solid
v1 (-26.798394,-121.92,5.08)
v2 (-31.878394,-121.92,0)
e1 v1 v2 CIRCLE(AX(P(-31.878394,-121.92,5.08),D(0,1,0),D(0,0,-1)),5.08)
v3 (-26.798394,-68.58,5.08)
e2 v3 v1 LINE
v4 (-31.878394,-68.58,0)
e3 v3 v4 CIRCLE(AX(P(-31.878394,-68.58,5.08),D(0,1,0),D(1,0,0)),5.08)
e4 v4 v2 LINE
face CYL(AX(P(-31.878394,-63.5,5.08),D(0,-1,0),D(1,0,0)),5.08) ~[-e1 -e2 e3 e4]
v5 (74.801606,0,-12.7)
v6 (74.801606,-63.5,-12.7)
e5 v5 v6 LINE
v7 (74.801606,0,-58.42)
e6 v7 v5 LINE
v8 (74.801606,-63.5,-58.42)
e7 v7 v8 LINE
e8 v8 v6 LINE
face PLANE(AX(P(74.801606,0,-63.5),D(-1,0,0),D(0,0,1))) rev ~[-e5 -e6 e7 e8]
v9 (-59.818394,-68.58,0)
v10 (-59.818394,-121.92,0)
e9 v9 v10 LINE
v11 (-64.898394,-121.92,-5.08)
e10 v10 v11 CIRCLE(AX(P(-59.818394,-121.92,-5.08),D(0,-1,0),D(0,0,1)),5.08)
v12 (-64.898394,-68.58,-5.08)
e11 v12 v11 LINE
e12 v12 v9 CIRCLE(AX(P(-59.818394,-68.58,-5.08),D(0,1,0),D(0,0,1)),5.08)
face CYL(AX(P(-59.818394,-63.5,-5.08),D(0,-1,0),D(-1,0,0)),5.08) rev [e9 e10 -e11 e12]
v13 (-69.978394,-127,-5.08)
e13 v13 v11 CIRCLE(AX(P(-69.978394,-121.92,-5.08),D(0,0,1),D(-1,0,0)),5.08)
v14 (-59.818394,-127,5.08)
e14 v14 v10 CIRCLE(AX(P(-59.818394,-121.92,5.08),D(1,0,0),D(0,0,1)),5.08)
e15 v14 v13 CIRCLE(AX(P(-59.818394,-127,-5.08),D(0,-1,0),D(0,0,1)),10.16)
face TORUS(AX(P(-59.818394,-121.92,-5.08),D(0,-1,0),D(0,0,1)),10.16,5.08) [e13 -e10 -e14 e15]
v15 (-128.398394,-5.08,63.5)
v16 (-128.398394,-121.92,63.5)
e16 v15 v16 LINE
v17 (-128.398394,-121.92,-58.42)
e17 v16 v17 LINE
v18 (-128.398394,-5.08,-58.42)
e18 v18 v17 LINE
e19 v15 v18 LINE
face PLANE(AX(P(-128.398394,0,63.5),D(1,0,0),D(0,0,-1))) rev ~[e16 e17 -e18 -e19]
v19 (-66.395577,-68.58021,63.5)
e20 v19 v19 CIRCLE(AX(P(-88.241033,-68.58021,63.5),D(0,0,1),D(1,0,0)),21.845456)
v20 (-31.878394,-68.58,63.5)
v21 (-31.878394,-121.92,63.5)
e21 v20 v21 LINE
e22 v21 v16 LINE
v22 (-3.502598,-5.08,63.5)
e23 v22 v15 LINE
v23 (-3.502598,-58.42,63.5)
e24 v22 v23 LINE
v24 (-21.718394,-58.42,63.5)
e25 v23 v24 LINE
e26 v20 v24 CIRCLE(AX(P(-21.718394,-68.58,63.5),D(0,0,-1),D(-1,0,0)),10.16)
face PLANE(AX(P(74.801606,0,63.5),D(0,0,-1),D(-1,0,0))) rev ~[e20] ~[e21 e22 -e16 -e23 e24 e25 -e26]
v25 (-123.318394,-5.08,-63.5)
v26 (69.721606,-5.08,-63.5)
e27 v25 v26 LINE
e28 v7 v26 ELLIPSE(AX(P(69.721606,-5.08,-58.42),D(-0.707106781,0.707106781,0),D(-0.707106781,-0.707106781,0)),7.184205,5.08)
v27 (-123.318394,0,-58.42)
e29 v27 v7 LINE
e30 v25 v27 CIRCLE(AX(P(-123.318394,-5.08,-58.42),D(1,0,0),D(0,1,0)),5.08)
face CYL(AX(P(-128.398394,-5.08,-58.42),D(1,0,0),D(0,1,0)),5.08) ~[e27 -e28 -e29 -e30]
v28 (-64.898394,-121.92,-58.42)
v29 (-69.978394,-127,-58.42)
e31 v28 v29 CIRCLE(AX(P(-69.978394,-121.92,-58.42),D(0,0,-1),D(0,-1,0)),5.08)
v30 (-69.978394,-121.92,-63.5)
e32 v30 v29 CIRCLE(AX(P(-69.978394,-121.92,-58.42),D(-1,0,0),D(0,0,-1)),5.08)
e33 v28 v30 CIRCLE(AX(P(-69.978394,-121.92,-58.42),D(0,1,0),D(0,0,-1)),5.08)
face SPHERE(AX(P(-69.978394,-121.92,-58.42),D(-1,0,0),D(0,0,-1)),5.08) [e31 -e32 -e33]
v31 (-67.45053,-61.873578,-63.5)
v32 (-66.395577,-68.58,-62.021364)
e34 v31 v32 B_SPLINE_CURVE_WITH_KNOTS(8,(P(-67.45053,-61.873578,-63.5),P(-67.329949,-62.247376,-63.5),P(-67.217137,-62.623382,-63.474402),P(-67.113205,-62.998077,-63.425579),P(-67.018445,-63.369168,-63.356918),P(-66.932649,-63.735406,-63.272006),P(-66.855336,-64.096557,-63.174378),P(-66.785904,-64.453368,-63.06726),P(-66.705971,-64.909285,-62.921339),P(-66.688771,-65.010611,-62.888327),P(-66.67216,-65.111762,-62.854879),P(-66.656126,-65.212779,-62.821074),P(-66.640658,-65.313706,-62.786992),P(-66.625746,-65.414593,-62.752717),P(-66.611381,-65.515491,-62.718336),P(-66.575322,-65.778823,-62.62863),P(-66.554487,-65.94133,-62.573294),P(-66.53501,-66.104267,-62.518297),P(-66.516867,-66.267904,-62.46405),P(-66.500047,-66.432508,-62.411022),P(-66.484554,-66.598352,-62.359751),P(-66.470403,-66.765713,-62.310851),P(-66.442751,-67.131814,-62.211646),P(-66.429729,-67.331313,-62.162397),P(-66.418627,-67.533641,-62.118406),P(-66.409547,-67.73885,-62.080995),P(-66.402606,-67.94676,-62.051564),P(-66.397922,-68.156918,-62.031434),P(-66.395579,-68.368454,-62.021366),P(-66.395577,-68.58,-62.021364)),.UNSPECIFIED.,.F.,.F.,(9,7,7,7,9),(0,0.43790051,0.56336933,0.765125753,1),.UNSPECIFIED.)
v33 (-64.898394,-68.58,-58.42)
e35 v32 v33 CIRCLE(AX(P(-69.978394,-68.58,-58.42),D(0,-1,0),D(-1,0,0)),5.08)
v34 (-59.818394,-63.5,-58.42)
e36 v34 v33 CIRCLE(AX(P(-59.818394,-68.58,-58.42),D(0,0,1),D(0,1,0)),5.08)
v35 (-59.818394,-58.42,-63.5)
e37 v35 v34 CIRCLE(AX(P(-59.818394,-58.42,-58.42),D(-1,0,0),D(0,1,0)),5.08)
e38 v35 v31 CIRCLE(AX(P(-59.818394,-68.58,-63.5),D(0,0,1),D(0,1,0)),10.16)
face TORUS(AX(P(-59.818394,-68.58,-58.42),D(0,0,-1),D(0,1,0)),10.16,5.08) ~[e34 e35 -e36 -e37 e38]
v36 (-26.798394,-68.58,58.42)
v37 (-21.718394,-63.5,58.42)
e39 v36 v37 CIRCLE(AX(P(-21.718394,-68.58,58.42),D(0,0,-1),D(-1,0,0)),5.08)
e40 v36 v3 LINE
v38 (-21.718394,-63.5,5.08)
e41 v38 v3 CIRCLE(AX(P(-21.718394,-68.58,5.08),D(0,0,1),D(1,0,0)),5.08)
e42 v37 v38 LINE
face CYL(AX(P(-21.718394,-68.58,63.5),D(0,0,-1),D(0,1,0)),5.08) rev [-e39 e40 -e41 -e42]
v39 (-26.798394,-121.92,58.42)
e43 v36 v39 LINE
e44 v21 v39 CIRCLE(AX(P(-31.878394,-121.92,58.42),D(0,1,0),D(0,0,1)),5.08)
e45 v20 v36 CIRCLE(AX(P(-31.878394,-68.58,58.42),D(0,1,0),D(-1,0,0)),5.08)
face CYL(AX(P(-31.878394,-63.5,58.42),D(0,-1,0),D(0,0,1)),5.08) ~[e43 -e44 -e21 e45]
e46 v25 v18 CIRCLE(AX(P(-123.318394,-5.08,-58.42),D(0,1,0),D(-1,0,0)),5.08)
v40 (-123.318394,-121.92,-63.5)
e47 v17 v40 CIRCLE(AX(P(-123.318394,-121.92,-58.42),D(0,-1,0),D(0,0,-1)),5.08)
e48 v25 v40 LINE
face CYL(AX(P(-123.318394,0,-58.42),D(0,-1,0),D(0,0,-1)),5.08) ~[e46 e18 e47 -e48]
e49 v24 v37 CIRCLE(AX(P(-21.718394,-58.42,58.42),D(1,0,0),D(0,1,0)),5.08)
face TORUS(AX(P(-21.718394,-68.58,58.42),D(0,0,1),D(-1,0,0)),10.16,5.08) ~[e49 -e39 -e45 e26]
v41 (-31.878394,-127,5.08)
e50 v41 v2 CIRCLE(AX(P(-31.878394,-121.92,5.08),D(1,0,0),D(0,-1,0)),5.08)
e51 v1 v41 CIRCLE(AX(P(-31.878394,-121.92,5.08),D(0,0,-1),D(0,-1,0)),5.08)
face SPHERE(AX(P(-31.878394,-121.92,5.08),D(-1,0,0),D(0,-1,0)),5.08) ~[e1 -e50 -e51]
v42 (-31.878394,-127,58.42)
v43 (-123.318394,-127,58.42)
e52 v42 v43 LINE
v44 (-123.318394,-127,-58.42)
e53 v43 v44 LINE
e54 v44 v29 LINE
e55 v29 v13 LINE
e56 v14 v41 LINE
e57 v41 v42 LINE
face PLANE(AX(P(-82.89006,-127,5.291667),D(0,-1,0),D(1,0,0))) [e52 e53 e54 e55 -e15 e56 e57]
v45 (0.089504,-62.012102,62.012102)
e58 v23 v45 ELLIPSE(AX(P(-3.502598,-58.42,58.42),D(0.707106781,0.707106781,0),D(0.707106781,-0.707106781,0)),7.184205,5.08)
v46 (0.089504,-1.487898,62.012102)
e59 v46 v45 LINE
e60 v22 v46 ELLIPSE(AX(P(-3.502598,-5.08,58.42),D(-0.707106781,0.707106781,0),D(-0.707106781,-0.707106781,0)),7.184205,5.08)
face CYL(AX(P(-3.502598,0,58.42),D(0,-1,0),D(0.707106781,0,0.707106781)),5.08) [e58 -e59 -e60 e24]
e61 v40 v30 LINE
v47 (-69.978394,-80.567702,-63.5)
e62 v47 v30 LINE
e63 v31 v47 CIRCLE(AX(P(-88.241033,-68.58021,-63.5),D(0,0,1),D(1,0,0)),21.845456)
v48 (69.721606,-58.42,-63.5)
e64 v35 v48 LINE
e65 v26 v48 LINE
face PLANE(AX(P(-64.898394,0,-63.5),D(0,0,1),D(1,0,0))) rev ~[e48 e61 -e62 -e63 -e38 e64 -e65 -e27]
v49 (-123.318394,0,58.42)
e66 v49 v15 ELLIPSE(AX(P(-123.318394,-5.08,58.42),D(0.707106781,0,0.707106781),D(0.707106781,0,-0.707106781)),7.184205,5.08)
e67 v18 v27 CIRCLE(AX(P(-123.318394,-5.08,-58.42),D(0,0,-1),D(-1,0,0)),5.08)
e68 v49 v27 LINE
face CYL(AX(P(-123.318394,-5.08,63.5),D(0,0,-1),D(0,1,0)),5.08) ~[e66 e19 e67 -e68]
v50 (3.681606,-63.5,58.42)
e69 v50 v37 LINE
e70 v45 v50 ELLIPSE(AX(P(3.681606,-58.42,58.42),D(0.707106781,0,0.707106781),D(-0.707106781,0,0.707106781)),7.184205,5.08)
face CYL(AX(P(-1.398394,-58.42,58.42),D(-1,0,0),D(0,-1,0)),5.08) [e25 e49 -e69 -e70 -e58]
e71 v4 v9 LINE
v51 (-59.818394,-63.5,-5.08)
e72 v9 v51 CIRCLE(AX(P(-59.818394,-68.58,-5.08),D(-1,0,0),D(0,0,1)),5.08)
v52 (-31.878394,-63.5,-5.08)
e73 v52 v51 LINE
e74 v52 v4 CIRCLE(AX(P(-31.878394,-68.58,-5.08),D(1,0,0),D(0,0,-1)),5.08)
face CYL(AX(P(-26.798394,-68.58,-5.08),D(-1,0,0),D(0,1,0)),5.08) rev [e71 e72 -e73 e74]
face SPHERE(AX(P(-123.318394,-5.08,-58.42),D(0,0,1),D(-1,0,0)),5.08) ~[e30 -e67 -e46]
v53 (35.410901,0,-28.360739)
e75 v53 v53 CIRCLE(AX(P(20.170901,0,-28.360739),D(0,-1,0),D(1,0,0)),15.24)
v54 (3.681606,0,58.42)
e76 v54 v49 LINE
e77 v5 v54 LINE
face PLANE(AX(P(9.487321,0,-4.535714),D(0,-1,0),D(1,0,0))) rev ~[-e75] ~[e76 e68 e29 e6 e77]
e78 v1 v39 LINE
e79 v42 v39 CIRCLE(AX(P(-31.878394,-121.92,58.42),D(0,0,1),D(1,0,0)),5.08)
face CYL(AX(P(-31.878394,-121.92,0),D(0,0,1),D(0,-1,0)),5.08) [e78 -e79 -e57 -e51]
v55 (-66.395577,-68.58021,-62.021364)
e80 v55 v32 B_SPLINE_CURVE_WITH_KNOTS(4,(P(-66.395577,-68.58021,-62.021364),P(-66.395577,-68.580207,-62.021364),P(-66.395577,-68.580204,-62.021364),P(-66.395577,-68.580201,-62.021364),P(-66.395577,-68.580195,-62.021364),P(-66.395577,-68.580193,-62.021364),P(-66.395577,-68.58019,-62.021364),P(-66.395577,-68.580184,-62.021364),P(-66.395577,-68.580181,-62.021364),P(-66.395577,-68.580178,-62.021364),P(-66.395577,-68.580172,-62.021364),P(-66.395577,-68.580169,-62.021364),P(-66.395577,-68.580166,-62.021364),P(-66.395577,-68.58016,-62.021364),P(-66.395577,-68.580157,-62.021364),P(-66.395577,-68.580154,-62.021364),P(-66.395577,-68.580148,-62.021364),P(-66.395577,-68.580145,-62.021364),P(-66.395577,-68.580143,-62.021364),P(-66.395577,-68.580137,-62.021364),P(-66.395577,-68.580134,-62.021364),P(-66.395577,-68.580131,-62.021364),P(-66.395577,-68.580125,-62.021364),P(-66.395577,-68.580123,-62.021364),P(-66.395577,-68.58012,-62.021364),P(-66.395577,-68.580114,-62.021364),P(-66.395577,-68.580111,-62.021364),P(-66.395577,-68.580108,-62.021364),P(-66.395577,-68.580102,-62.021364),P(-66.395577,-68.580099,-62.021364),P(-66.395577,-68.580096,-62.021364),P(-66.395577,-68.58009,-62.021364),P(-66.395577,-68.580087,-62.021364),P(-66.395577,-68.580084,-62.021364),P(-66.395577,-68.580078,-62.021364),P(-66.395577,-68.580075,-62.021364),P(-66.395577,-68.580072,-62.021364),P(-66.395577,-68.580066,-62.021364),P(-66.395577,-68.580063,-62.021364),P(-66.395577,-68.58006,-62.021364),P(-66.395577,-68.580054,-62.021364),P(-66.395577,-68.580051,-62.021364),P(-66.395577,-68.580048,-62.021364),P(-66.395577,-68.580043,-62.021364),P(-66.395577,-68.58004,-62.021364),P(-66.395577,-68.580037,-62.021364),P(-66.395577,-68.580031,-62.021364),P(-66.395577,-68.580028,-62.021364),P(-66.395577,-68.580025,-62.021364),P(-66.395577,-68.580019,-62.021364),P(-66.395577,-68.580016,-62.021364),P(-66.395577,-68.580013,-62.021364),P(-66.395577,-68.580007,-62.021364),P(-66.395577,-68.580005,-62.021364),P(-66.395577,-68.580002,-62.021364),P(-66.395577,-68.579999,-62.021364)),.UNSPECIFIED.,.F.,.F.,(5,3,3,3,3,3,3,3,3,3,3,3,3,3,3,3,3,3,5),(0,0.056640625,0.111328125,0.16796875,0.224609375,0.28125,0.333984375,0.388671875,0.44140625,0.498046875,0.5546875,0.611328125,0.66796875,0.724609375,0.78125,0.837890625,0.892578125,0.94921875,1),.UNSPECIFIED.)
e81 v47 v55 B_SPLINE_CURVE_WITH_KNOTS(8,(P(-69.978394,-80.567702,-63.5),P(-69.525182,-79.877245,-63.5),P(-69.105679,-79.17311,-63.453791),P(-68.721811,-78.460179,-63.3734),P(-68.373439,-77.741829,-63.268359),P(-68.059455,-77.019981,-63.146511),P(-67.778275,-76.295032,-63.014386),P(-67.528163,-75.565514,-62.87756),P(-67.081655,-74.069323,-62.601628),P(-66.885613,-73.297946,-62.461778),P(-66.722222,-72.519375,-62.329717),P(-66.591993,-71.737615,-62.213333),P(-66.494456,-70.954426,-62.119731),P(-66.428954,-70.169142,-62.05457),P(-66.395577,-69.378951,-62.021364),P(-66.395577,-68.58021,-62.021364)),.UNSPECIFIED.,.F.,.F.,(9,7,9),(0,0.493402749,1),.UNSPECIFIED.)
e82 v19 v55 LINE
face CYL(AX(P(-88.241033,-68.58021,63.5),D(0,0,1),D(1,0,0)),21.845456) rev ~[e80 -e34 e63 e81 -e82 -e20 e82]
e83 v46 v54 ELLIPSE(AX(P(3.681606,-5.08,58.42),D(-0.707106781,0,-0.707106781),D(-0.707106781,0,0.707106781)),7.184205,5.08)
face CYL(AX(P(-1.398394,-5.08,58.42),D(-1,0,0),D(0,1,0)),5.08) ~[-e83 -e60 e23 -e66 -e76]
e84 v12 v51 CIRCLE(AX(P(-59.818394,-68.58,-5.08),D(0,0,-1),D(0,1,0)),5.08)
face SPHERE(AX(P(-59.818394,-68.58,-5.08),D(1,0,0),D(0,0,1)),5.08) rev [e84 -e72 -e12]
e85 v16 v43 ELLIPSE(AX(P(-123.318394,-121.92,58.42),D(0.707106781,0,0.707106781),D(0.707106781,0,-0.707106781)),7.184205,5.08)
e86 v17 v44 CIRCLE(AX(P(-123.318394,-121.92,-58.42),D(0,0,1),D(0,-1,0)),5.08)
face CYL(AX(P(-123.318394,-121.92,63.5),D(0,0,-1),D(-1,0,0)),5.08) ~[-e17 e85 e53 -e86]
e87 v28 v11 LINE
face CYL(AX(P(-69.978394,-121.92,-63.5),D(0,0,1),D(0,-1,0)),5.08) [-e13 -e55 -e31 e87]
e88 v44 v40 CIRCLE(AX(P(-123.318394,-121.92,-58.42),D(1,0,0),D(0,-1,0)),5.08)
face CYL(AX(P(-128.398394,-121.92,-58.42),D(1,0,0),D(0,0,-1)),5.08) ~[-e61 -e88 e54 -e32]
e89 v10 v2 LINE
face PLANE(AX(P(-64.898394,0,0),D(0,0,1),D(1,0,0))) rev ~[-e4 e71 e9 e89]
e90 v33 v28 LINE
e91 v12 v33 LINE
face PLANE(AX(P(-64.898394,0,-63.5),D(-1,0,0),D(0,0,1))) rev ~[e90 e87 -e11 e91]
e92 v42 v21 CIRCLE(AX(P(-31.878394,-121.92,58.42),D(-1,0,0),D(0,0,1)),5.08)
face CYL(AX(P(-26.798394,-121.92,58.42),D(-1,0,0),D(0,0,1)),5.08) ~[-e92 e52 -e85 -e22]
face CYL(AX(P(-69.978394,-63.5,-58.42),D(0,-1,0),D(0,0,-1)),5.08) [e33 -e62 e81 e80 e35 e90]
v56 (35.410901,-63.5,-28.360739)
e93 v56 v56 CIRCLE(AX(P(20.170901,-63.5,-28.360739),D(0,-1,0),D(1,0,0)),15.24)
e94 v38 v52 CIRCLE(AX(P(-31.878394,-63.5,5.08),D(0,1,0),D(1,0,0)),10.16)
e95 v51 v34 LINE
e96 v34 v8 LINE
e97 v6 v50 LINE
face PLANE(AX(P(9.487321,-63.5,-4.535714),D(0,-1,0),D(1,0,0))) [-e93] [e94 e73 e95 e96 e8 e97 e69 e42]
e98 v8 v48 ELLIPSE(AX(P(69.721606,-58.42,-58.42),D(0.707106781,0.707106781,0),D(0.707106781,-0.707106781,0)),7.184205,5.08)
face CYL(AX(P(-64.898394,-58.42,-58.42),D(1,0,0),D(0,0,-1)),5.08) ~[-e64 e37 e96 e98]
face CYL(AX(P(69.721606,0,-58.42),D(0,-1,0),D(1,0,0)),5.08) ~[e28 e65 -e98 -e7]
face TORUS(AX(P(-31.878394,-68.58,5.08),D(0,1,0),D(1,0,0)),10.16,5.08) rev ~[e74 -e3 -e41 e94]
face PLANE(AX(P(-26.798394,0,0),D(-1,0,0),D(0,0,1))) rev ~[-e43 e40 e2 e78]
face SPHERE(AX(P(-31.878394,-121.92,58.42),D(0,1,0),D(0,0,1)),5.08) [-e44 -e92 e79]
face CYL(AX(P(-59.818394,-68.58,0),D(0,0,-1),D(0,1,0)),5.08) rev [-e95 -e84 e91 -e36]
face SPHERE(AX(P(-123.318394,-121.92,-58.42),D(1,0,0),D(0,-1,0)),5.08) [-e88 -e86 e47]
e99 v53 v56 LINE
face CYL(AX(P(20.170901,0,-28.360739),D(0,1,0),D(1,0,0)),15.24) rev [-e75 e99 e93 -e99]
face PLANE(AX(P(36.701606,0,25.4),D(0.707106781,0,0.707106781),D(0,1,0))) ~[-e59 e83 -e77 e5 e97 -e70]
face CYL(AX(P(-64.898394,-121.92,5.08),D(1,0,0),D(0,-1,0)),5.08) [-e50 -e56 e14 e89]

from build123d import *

# Parameters (mm, degrees)
F1_DEPTH = 127
F0_R     = 15.24
F2_DEPTH = 63.5
F3_SIZE  = 76.2
F4_R     = 5.08
F5_R     = 21.8454562642
F6_DEPTH = 228.6


with BuildPart() as f1:
    # F0 (on Front) → F1 (new body)
    with BuildSketch(Plane.XZ):
        Polygon((-26.7983935773, 0), (-26.7983935773, 63.5), (-128.3983935773, 63.5), (-128.3983935773, -63.5), (-64.8983935773, -63.5), (-64.8983935773, 0), align=None)
    extrude(amount=F1_DEPTH)

    # F0 (on Front) → F2 (join)
    with BuildSketch(Plane.XZ):
        Polygon((74.8016064227, -63.5), (74.8016064227, 63.5), (-26.7983935773, 63.5), (-26.7983935773, 0), (-64.8983935773, 0), (-64.8983935773, -63.5), align=None)
        with Locations((20.1709009707, -28.3607393503)):
            Circle(F0_R, mode=Mode.SUBTRACT)
    extrude(amount=F2_DEPTH)

    # F3
    f3_edges = [f1.edges().sort_by_distance(p)[0] for p in [
        (74.801606, -31.75, 63.5),
    ]]
    chamfer(f3_edges, length=F3_SIZE)

    # F4
    f4_edges = [f1.edges().sort_by_distance(p)[0] for p in [
        (-1.398394, -31.75, 63.5),
        (-128.398394, 0, 0),
        (-26.798394, -63.5, 31.75),
        (-45.848394, -63.5, 0),
        (-64.898394, -95.25, 0),
        (-26.798394, -95.25, 63.5),
        (-14.098394, -63.5, 63.5),
        (-64.898394, 0, 63.5),
        (-96.648394, -127, -63.5),
        (-128.398394, -127, 0),
        (-77.598394, -127, 63.5),
        (-64.898394, -95.25, -63.5),
        (-45.848394, -127, 0),
        (-64.898394, -127, -31.75),
        (-64.898394, -63.5, -31.75),
        (-128.398394, -63.5, -63.5),
        (-26.798394, -127, 31.75),
        (-26.798394, -95.25, 0),
        (74.801606, -31.75, -63.5),
        (-26.798394, 0, -63.5),
        (4.951606, -63.5, -63.5),
    ]]
    fillet(f4_edges, radius=F4_R)

    # F5 (on face) → F6 (cut)
    with BuildSketch(Plane.XY.offset(63.5)):
        with Locations((-88.2410332561, -68.5802102089)):
            Circle(F5_R)
    extrude(amount=-F6_DEPTH, mode=Mode.SUBTRACT)


solid = f1.part
